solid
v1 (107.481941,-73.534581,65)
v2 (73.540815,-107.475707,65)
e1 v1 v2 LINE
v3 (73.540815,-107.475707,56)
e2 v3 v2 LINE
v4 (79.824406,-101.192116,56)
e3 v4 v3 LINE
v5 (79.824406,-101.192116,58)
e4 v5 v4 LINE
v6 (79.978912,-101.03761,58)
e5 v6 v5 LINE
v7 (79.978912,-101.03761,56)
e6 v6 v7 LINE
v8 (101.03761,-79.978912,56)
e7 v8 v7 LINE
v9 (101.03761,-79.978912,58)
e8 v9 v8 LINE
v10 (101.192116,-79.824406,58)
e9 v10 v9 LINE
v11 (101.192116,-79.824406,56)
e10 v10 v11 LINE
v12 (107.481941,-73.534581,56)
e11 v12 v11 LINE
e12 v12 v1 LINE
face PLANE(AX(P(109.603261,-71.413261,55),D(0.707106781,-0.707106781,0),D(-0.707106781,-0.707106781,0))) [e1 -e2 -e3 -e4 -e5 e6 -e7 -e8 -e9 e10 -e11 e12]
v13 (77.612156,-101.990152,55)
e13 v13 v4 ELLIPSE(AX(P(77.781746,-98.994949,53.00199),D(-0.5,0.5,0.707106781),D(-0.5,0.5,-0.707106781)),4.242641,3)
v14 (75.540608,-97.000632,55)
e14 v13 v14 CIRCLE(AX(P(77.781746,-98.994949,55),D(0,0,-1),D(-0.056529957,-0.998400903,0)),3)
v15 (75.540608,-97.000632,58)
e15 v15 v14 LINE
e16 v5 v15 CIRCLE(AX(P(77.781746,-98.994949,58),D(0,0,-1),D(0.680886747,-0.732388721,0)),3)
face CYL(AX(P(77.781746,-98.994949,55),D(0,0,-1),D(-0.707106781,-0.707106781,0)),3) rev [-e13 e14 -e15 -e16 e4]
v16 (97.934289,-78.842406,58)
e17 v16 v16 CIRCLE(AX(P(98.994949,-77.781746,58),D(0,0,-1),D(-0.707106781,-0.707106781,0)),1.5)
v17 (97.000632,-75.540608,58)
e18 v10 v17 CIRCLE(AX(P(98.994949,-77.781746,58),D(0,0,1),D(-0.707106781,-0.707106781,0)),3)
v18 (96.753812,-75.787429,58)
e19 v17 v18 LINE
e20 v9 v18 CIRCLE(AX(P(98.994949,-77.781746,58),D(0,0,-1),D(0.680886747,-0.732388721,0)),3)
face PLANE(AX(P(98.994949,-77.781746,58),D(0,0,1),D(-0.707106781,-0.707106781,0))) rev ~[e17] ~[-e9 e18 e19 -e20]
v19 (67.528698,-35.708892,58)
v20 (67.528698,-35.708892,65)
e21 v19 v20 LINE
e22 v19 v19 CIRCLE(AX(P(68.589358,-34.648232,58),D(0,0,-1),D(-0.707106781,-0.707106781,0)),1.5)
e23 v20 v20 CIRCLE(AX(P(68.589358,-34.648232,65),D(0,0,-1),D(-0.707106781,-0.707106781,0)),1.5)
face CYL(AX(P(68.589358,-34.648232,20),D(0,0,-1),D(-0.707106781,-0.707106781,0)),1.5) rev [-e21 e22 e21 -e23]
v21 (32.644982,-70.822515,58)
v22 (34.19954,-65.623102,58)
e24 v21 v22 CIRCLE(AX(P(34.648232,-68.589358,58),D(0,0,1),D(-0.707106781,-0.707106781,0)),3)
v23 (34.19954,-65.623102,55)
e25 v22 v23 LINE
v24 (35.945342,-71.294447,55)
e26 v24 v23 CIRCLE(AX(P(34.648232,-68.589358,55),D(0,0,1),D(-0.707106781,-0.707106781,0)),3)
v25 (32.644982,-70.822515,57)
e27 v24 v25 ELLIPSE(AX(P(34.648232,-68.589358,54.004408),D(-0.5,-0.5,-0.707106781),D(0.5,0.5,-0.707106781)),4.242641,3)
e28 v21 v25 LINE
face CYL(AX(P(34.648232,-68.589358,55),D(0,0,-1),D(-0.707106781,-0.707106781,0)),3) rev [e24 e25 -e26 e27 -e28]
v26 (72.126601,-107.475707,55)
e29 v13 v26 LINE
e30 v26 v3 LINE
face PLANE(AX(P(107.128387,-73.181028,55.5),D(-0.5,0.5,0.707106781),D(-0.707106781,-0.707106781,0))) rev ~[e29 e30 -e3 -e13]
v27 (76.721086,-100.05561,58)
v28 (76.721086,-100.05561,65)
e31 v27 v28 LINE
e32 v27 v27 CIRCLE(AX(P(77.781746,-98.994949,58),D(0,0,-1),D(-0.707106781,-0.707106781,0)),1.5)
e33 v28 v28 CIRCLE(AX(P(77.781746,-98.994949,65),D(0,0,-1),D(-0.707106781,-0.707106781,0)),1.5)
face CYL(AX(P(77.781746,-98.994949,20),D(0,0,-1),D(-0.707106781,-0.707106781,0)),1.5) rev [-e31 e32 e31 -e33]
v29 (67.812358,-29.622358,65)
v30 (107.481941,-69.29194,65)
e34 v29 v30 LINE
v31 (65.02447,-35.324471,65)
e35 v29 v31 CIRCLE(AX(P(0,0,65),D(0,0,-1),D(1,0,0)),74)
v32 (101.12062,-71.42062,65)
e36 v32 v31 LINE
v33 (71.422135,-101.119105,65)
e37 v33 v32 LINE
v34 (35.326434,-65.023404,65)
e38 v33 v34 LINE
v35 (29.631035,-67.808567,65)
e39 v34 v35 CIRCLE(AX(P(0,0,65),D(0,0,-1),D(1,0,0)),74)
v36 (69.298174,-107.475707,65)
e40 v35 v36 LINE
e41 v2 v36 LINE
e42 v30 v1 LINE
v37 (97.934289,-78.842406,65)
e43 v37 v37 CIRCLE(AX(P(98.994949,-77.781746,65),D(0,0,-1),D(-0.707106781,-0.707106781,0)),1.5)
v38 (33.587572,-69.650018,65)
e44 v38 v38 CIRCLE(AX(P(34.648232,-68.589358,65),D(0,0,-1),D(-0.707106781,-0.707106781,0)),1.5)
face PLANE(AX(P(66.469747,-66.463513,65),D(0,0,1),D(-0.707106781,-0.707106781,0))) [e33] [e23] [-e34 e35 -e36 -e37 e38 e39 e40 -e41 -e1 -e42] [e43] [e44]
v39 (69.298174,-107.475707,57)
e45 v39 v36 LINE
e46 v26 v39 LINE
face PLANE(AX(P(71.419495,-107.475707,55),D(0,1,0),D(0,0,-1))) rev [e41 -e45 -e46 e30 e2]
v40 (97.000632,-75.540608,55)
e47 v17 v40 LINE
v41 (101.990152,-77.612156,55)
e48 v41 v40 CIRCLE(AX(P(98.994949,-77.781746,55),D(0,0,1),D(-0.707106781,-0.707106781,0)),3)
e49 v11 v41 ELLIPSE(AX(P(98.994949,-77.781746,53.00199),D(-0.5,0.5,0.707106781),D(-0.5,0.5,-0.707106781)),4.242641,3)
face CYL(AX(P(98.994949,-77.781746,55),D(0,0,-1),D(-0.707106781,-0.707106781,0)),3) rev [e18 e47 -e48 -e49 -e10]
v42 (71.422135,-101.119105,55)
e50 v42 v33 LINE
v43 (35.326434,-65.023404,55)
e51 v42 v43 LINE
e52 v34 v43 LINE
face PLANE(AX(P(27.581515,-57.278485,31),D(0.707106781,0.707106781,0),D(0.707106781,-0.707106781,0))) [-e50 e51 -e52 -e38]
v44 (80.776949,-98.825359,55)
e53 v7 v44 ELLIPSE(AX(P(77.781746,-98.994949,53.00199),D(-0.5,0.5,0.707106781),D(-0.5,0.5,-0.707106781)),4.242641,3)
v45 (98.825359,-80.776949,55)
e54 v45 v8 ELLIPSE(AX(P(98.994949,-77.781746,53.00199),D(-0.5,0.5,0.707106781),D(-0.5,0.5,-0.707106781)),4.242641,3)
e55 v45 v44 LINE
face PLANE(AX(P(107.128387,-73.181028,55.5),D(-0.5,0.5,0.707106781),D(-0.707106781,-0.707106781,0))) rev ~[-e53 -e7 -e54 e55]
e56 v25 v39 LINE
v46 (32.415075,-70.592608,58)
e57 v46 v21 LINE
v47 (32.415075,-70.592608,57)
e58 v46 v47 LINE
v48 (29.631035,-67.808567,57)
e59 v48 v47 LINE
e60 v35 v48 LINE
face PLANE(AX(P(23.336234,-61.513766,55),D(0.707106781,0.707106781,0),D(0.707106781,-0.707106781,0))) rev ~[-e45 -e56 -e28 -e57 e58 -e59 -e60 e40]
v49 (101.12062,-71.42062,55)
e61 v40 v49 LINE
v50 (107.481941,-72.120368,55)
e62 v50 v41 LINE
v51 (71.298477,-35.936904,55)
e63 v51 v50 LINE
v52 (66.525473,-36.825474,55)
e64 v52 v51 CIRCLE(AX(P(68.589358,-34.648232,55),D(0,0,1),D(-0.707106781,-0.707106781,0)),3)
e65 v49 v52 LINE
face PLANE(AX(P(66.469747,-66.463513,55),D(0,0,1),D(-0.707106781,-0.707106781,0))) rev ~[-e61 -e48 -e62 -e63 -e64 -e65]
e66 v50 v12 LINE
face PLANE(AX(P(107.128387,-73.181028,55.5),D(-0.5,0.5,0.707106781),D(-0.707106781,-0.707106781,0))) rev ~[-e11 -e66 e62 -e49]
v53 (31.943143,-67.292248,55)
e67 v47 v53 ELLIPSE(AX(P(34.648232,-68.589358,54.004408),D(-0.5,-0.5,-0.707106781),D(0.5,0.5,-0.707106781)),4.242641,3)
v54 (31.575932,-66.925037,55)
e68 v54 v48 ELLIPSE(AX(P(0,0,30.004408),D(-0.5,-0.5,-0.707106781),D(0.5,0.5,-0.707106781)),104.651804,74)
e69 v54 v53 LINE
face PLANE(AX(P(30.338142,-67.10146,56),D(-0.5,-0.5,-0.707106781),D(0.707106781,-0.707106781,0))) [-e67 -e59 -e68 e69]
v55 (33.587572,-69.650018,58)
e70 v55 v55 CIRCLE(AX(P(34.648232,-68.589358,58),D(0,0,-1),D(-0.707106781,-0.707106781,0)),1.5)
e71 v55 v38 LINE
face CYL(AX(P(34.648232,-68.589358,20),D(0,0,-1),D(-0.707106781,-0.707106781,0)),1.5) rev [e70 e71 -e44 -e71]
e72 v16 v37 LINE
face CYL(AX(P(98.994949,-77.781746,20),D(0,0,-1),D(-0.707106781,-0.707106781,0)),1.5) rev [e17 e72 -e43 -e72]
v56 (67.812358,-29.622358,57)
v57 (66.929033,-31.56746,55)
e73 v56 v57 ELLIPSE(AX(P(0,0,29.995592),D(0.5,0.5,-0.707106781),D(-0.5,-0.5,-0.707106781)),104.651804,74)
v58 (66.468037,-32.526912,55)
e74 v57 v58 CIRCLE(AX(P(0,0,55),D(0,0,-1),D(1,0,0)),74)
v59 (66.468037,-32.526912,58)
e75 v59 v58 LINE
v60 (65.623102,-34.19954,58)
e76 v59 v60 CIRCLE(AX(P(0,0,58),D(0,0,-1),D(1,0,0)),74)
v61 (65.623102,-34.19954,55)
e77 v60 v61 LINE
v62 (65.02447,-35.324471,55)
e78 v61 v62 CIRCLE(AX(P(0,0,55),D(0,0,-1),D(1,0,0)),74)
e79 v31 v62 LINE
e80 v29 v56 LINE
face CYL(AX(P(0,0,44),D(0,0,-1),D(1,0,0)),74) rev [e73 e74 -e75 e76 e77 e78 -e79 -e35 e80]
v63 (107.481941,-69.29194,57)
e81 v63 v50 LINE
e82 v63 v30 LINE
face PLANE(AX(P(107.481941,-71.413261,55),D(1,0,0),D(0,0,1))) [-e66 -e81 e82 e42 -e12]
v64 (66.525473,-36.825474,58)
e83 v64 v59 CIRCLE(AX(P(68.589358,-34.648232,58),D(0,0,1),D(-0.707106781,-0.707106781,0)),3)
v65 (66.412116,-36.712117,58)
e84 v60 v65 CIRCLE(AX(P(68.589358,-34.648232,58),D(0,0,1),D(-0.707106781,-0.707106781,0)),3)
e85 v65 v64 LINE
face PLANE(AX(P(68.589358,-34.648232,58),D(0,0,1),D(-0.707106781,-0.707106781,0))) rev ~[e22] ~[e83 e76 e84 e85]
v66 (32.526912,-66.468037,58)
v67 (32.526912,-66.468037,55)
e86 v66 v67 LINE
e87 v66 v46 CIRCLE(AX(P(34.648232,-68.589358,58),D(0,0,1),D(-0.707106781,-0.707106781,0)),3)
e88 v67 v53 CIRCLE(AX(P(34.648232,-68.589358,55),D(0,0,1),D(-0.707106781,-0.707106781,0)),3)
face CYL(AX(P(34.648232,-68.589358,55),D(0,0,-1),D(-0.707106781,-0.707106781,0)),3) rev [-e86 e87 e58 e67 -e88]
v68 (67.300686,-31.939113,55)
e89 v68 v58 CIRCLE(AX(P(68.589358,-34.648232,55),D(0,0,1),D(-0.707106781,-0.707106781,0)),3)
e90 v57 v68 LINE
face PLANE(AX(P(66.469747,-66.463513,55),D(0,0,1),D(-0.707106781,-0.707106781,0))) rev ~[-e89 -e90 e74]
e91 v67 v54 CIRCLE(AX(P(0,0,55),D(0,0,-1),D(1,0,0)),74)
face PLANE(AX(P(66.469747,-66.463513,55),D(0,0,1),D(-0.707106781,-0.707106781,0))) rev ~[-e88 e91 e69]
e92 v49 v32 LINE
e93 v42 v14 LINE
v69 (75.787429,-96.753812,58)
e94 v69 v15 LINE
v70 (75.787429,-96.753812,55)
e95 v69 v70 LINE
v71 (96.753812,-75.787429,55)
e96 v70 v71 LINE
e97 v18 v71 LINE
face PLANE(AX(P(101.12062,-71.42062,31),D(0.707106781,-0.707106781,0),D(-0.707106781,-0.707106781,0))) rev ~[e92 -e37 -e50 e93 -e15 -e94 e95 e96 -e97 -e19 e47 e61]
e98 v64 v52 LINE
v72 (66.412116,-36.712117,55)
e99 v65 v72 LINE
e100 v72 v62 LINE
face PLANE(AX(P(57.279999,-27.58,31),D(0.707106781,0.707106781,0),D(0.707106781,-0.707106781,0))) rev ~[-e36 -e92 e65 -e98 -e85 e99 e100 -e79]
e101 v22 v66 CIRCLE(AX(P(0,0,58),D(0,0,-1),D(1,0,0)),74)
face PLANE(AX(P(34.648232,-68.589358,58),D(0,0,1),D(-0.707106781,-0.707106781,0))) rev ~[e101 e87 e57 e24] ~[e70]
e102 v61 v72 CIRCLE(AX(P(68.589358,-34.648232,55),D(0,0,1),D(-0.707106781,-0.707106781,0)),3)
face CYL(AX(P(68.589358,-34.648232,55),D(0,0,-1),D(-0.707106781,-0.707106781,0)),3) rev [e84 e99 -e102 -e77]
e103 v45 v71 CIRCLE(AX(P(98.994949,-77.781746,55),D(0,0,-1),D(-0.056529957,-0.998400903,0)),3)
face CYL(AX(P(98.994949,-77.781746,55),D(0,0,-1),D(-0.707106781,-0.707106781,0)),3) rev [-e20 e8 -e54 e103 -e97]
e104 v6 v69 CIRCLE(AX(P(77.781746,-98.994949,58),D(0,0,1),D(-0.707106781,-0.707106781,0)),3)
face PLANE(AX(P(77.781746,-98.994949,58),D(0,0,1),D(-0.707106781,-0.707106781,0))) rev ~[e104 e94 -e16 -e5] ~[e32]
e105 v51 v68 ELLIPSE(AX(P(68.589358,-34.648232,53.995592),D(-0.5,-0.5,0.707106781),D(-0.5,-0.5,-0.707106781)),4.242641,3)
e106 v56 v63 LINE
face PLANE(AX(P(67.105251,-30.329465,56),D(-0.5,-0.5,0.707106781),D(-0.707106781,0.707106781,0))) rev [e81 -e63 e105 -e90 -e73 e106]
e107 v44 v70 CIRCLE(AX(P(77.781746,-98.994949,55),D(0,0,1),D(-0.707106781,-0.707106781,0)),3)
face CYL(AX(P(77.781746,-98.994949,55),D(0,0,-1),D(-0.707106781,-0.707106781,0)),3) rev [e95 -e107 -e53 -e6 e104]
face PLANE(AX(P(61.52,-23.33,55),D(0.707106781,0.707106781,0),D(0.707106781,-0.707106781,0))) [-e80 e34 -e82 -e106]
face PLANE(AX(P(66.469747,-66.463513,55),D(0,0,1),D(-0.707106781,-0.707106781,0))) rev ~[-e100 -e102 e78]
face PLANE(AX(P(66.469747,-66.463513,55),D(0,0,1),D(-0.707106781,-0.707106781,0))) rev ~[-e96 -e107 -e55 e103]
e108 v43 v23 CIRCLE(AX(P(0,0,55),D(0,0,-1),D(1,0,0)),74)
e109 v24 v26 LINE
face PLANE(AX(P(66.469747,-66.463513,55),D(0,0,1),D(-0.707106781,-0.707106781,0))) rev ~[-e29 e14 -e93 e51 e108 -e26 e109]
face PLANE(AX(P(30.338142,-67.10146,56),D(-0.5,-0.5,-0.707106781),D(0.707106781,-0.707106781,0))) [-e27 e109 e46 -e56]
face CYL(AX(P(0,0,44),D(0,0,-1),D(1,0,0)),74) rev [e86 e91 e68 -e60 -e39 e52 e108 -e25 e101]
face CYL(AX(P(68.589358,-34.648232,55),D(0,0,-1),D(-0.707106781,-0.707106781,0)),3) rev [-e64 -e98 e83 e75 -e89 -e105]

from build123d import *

# Parameters (mm, degrees)
CYLINDER1730_R              = 3
CYLINDER1730_DEPTH          = 3
CYLINDER1727_R              = 3
CYLINDER1727_DEPTH          = 3
CYLINDER1728_R              = 3
CYLINDER1728_DEPTH          = 3
CYLINDER1729_R              = 3
CYLINDER1729_DEPTH          = 3
COMPOUND871_PLACEMENT_ANGLE = 225
CYLINDER1734_R              = 1.5
CYLINDER1734_DEPTH          = 60
CYLINDER1731_R              = 1.5
CYLINDER1731_DEPTH          = 60
CYLINDER1732_R              = 1.5
CYLINDER1732_DEPTH          = 60
CYLINDER1733_R              = 1.5
CYLINDER1733_DEPTH          = 60
COMPOUND874_PLACEMENT_ANGLE = 225
CYLINDER1735_R              = 74
CYLINDER1735_DEPTH          = 40
BOX688_W                    = 42
BOX688_H                    = 62
BOX688_DEPTH                = 50
COMPOUND872_PLACEMENT_ANGLE = 225
BOX689_W                    = 54
BOX689_H                    = 68
BOX689_DEPTH                = 10
COMPOUND873_PLACEMENT_ANGLE = 225
CHAMFER054_SIZE             = 3
CHAMFER055_SIZE             = 2
CHAMFER056_SIZE             = 1


with BuildPart() as v_lec1730:
    # Cylinder1730 → Cylinder1730 (new body)
    with BuildSketch(Plane(origin=(-24, 73, -80), x_dir=(1, 0, 0), z_dir=(0, 0, 1))):
        Circle(CYLINDER1730_R)
    extrude(amount=CYLINDER1730_DEPTH)


with BuildPart() as v_lec1727:
    # Cylinder1727 → Cylinder1727 (new body)
    with BuildSketch(Plane(origin=(-15, 125, -80), x_dir=(1, 0, 0), z_dir=(0, 0, 1))):
        Circle(CYLINDER1727_R)
    extrude(amount=CYLINDER1727_DEPTH)


with BuildPart() as v_lec1728:
    # Cylinder1728 → Cylinder1728 (new body)
    with BuildSketch(Plane(origin=(15, 125, -80), x_dir=(1, 0, 0), z_dir=(0, 0, 1))):
        Circle(CYLINDER1728_R)
    extrude(amount=CYLINDER1728_DEPTH)


with BuildPart() as compound871:
    # Cylinder1729 → Cylinder1729 (new body)
    with BuildSketch(Plane(origin=(24, 73, -80), x_dir=(1, 0, 0), z_dir=(0, 0, 1))):
        Circle(CYLINDER1729_R)
    extrude(amount=CYLINDER1729_DEPTH)

    # Compound871: union Válec1730, Válec1727, Válec1728
    add(v_lec1730.part)
    add(v_lec1727.part)
    add(v_lec1728.part)


with BuildPart() as compound871_1:
    # Compound871 placement: moved
    add(compound871.part.moved(Location((0, 0, 135))).rotate(Axis((0, 0, 135), (0, 0, 1)), COMPOUND871_PLACEMENT_ANGLE))


with BuildPart() as v_lec1734:
    # Cylinder1734 → Cylinder1734 (new body)
    with BuildSketch(Plane(origin=(-24, 73, -80), x_dir=(1, 0, 0), z_dir=(0, 0, 1))):
        Circle(CYLINDER1734_R)
    extrude(amount=CYLINDER1734_DEPTH)


with BuildPart() as v_lec1731:
    # Cylinder1731 → Cylinder1731 (new body)
    with BuildSketch(Plane(origin=(-15, 125, -80), x_dir=(1, 0, 0), z_dir=(0, 0, 1))):
        Circle(CYLINDER1731_R)
    extrude(amount=CYLINDER1731_DEPTH)


with BuildPart() as v_lec1732:
    # Cylinder1732 → Cylinder1732 (new body)
    with BuildSketch(Plane(origin=(15, 125, -80), x_dir=(1, 0, 0), z_dir=(0, 0, 1))):
        Circle(CYLINDER1732_R)
    extrude(amount=CYLINDER1732_DEPTH)


with BuildPart() as compound874:
    # Cylinder1733 → Cylinder1733 (new body)
    with BuildSketch(Plane(origin=(24, 73, -80), x_dir=(1, 0, 0), z_dir=(0, 0, 1))):
        Circle(CYLINDER1733_R)
    extrude(amount=CYLINDER1733_DEPTH)

    # Compound874: union Válec1734, Válec1731, Válec1732
    add(v_lec1734.part)
    add(v_lec1731.part)
    add(v_lec1732.part)


with BuildPart() as compound874_1:
    # Compound874 placement: moved
    add(compound874.part.moved(Location((0, 0, 100))).rotate(Axis((0, 0, 100), (0, 0, 1)), COMPOUND874_PLACEMENT_ANGLE))


with BuildPart() as v_lec1735:
    # Cylinder1735 → Cylinder1735 (new body)
    with BuildSketch(Plane.XY.offset(44)):
        Circle(CYLINDER1735_R)
    extrude(amount=CYLINDER1735_DEPTH)


with BuildPart() as compound872:
    # Box688 → Box688 (new body)
    with BuildSketch(Plane(origin=(-21.001071, 60.005081, 31), x_dir=(1, 0, 0), z_dir=(0, 0, 1))):
        with Locations((21, 31)):
            Rectangle(BOX688_W, BOX688_H)
    extrude(amount=BOX688_DEPTH)


with BuildPart() as compound872_1:
    # Compound872 placement: moved
    add(compound872.part.rotate(Axis((0, 0, 0), (0, 0, 1)), COMPOUND872_PLACEMENT_ANGLE))


with BuildPart() as cut512:
    # Box689 → Box689 (new body)
    with BuildSketch(Plane(origin=(-27.004408, 59.99801, 75), x_dir=(1, 0, 0), z_dir=(0, 0, 1))):
        with Locations((27, 34)):
            Rectangle(BOX689_W, BOX689_H)
    extrude(amount=BOX689_DEPTH)


with BuildPart() as cut512_1:
    # Compound873 placement: moved
    add(cut512.part.moved(Location((0, 0, -20))).rotate(Axis((0, 0, -20), (0, 0, 1)), COMPOUND873_PLACEMENT_ANGLE))

    # Cut502: cut Compound872
    add(compound872_1.part, mode=Mode.SUBTRACT)

    # Cut510: cut Válec1735
    add(v_lec1735.part, mode=Mode.SUBTRACT)

    # Chamfer054
    chamfer054_edges = [cut512_1.edges().sort_by_distance(p)[0] for p in [
        (109.603261, -71.413261, 60),
        (71.419495, -109.597027, 60),
    ]]
    chamfer(chamfer054_edges, length=CHAMFER054_SIZE)

    # Chamfer055
    chamfer055_edges = [cut512_1.edges().sort_by_distance(p)[0] for p in [
        (87.647149, -49.457149, 55),
        (49.464605, -87.642137, 55),
    ]]
    chamfer(chamfer055_edges, length=CHAMFER055_SIZE)

    # Chamfer056
    chamfer056_edges = [cut512_1.edges().sort_by_distance(p)[0] for p in [
        (90.511378, -90.505144, 55),
    ]]
    chamfer(chamfer056_edges, length=CHAMFER056_SIZE)

    # Cut511: cut Compound874
    add(compound874_1.part, mode=Mode.SUBTRACT)

    # Cut512: cut Compound871
    add(compound871_1.part, mode=Mode.SUBTRACT)


solid = cut512_1.part
